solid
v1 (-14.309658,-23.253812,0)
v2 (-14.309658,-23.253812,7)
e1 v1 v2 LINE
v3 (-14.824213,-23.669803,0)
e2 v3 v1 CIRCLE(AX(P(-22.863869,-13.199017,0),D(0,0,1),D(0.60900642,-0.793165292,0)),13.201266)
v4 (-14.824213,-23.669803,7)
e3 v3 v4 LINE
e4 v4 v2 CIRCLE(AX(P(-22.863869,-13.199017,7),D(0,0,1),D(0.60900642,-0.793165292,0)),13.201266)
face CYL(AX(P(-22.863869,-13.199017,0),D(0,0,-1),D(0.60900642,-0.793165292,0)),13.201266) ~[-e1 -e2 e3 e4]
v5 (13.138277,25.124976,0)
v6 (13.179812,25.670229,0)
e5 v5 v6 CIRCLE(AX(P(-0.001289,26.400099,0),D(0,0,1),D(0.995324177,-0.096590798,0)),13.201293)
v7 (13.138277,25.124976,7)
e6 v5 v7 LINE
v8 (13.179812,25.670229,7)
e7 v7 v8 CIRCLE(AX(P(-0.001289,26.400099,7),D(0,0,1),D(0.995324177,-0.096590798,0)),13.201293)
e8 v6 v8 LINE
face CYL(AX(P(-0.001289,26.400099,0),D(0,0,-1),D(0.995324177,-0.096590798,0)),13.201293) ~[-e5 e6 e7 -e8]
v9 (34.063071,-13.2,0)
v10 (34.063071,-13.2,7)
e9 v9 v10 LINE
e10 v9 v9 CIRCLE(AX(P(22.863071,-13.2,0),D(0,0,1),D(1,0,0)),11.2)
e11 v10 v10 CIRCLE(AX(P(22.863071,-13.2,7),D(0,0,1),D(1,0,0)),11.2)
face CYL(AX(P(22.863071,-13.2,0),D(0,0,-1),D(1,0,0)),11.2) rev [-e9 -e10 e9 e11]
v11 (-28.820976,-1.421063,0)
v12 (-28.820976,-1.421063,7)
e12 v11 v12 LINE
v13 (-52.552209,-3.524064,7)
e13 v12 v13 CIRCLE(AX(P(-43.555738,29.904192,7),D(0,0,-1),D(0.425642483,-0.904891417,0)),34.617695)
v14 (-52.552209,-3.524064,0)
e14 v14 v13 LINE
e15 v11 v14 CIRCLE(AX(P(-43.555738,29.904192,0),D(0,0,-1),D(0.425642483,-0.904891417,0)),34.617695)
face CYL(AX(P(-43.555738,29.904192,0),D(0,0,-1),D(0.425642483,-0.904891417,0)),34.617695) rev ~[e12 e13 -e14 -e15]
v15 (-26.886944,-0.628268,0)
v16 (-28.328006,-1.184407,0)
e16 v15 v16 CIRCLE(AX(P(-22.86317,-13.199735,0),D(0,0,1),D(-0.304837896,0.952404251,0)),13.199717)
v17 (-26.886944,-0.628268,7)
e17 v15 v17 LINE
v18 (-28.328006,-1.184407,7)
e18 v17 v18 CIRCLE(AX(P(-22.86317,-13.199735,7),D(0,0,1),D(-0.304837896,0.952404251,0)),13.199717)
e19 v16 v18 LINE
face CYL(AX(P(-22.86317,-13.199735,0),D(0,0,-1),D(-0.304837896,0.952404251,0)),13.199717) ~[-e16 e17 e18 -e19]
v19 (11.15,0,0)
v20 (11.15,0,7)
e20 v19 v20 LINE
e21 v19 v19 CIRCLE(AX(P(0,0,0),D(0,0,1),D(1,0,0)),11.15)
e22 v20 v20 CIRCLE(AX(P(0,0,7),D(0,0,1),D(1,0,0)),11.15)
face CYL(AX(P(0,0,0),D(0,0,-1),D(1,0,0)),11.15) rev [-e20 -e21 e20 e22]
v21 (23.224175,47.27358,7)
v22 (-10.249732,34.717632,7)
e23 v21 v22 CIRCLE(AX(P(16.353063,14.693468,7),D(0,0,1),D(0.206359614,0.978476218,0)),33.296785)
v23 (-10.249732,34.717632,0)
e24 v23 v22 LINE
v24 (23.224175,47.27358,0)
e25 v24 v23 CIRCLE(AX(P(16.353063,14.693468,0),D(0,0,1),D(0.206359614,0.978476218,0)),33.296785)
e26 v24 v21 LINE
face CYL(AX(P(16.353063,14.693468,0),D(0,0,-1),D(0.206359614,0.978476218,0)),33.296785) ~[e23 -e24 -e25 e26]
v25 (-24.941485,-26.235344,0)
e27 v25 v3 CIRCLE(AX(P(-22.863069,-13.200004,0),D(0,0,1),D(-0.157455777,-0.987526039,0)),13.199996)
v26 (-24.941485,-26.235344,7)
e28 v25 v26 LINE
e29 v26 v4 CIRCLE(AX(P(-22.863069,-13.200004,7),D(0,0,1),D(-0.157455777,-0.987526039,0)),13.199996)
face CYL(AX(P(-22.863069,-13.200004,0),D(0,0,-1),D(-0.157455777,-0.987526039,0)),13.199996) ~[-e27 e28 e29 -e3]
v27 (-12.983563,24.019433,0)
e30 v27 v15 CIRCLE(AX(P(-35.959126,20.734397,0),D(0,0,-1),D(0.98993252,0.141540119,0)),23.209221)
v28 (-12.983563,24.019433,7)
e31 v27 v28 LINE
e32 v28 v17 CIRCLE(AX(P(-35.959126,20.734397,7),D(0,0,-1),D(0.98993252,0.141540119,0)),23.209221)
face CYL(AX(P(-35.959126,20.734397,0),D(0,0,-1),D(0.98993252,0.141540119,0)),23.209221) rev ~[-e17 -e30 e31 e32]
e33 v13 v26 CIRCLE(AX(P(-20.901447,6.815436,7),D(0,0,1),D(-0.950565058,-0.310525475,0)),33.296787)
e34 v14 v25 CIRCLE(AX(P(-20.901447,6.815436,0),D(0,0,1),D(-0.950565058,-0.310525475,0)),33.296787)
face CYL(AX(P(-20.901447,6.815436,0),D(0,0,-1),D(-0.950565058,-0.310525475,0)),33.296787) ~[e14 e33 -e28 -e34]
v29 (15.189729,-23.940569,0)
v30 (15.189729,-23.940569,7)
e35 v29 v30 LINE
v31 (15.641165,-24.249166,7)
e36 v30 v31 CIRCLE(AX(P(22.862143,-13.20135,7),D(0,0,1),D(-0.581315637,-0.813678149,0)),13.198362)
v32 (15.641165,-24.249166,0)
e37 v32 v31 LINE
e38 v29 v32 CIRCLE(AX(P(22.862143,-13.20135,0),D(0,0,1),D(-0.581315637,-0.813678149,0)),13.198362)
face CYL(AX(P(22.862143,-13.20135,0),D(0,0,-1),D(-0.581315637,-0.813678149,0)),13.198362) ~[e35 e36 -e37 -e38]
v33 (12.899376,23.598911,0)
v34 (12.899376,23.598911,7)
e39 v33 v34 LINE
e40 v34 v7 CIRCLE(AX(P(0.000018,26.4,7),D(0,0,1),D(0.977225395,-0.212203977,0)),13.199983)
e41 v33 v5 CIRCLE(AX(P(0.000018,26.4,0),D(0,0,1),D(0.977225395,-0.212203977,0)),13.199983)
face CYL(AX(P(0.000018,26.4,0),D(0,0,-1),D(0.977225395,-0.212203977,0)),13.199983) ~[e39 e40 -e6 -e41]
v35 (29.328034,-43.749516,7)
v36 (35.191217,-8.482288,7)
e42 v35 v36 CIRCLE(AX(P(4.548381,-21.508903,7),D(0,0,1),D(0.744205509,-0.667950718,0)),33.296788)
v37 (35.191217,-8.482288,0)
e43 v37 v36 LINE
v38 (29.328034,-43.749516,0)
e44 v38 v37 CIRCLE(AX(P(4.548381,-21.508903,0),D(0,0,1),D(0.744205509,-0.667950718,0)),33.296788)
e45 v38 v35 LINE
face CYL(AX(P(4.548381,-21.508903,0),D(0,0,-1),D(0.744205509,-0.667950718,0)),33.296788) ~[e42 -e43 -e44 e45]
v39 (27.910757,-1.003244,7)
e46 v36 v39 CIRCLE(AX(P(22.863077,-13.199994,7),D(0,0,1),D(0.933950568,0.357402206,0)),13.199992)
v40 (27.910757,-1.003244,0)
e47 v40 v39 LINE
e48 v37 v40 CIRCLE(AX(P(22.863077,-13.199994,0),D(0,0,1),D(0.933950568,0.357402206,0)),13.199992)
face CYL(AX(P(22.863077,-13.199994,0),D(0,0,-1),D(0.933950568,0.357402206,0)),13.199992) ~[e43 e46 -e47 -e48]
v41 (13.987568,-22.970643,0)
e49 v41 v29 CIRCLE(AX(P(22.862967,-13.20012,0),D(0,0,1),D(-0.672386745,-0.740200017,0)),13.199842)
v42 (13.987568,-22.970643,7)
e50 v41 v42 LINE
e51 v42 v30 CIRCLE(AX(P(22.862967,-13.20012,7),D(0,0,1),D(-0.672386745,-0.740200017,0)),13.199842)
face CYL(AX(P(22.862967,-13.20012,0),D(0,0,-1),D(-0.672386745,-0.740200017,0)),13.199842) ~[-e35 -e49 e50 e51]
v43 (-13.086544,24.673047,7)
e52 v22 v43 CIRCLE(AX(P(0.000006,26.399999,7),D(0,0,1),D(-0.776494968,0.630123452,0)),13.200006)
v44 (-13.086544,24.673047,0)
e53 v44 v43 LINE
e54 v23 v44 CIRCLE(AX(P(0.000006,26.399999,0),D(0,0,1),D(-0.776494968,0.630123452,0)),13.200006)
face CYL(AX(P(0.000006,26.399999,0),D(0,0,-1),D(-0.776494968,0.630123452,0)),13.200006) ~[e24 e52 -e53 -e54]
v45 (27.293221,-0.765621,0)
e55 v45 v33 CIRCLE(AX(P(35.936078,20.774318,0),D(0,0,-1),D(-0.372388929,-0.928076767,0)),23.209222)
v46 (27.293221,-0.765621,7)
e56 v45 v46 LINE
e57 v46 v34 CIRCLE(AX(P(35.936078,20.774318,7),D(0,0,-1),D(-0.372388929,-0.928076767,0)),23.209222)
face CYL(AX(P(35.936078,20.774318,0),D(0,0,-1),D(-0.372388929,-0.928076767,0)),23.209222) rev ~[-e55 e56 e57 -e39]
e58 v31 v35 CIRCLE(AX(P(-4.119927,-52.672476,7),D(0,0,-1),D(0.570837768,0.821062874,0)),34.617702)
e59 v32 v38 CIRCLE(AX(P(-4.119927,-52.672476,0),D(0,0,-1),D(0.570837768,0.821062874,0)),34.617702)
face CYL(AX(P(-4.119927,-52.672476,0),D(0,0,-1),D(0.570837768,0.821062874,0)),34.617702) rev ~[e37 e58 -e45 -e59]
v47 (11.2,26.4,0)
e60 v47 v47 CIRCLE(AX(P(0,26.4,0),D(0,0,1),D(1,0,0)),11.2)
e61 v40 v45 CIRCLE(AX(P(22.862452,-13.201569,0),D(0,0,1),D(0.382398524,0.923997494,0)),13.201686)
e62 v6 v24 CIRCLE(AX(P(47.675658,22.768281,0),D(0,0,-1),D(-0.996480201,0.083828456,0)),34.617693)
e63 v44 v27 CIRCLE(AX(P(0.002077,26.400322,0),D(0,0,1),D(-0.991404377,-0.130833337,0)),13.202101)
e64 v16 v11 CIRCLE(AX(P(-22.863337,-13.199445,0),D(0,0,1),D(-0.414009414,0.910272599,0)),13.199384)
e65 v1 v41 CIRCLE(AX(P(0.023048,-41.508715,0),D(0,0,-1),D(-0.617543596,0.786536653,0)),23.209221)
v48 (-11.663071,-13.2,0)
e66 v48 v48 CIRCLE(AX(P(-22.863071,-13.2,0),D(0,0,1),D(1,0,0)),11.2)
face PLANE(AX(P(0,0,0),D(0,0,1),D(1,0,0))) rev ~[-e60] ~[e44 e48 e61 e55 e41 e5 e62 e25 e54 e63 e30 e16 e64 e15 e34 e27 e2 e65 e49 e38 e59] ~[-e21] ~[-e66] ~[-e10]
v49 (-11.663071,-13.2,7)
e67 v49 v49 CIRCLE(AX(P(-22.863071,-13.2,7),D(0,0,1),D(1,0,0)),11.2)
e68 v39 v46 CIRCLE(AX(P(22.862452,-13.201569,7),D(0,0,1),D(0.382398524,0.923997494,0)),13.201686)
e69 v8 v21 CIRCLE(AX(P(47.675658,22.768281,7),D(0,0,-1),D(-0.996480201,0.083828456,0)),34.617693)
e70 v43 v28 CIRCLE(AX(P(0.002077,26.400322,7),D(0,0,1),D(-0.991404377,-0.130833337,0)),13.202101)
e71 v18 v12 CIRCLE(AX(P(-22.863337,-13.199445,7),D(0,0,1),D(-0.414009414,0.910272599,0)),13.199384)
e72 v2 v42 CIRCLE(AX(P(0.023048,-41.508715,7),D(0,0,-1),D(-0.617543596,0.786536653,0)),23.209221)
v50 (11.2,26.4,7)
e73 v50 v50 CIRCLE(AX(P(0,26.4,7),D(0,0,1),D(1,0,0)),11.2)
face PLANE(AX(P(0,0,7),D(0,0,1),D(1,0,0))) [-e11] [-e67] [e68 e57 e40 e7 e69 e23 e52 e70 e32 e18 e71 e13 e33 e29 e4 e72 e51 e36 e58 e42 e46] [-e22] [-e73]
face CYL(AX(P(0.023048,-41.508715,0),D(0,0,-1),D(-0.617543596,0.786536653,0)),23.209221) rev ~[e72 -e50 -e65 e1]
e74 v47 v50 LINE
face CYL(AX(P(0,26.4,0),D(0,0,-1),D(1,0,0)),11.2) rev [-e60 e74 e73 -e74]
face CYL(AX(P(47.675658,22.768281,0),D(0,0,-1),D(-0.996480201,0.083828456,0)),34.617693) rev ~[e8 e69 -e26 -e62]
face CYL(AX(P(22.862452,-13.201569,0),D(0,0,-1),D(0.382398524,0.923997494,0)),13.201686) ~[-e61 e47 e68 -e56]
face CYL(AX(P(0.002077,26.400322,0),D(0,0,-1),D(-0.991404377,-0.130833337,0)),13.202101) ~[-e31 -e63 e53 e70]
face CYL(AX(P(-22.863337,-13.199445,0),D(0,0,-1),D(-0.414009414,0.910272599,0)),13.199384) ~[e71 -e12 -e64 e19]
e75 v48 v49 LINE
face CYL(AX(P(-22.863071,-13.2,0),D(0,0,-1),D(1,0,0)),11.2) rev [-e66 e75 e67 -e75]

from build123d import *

# Parameters (mm, degrees)
F0_R     = 11.2
F0_R_2   = 11.15
F1_DEPTH = 7


with BuildPart() as f1:
    # F0 (on Top) → F1 (new body)
    with BuildSketch(Plane.XY):
        with BuildLine():
            ThreePointArc((23.224175, 47.27358), (4.659142, 45.869229), (-10.249732, 34.717632))
            ThreePointArc((-10.249732, 34.717632), (-12.703104, 29.987637), (-13.086544, 24.673047))
            ThreePointArc((-13.086544, 24.673047), (-13.032724, 24.346607), (-12.983563, 24.019433))
            ThreePointArc((-12.983563, 24.019433), (-15.744236, 9.331495), (-26.886944, -0.628268))
            ThreePointArc((-26.886944, -0.628268), (-27.602847, -0.918329), (-28.328006, -1.184407))
            ThreePointArc((-28.328006, -1.184407), (-28.574024, -1.303708), (-28.820976, -1.421063))
            ThreePointArc((-28.820976, -1.421063), (-40.499981, -4.578371), (-52.552209, -3.524064))
            ThreePointArc((-52.552209, -3.524064), (-42.053488, -18.899679), (-24.941485, -26.235344))
            ThreePointArc((-24.941485, -26.235344), (-19.618503, -25.99503), (-14.824213, -23.669803))
            ThreePointArc((-14.824213, -23.669803), (-14.568418, -23.459974), (-14.309658, -23.253812))
            ThreePointArc((-14.309658, -23.253812), (-0.209194, -18.300656), (13.987568, -22.970643))
            ThreePointArc((13.987568, -22.970643), (14.59672, -23.445602), (15.189729, -23.940569))
            ThreePointArc((15.189729, -23.940569), (15.416056, -24.093976), (15.641165, -24.249166))
            ThreePointArc((15.641165, -24.249166), (24.214976, -32.784827), (29.328034, -43.749516))
            ThreePointArc((29.328034, -43.749516), (37.394346, -26.96955), (35.191217, -8.482288))
            ThreePointArc((35.191217, -8.482288), (32.321608, -3.992607), (27.910757, -1.003244))
            ThreePointArc((27.910757, -1.003244), (27.601142, -0.886633), (27.293221, -0.765621))
            ThreePointArc((27.293221, -0.765621), (15.95343, 8.969161), (12.899376, 23.598911))
            ThreePointArc((12.899376, 23.598911), (13.006127, 24.363931), (13.138277, 25.124976))
            ThreePointArc((13.138277, 25.124976), (13.157967, 25.397684), (13.179812, 25.670229))
            ThreePointArc((13.179812, 25.670229), (16.285005, 37.363198), (23.224175, 47.27358))
        make_face()
        with Locations((-22.863071, -13.2)):
            Circle(F0_R, mode=Mode.SUBTRACT)
        Circle(F0_R_2, mode=Mode.SUBTRACT)
        with Locations((22.863071, -13.2)):
            Circle(F0_R, mode=Mode.SUBTRACT)
        with Locations((0, 26.4)):
            Circle(F0_R, mode=Mode.SUBTRACT)
        with BuildLine():
            ThreePointArc((-12.983563, 24.019433), (-13.032724, 24.346607), (-13.086544, 24.673047))
            ThreePointArc((-13.086544, 24.673047), (-13.039149, 24.345595), (-12.983563, 24.019433))
        make_face()
        with BuildLine():
            ThreePointArc((13.138277, 25.124976), (13.161868, 25.397387), (13.179812, 25.670229))
            ThreePointArc((13.179812, 25.670229), (13.157967, 25.397684), (13.138277, 25.124976))
        make_face()
        with BuildLine():
            ThreePointArc((-28.328006, -1.184407), (-27.602847, -0.918329), (-26.886944, -0.628268))
            ThreePointArc((-26.886944, -0.628268), (-27.615617, -0.88524), (-28.328006, -1.184407))
        make_face()
        with BuildLine():
            ThreePointArc((12.899376, 23.598911), (13.041168, 24.358446), (13.138277, 25.124976))
            ThreePointArc((13.138277, 25.124976), (13.006127, 24.363931), (12.899376, 23.598911))
        make_face()
        with BuildLine():
            ThreePointArc((-28.820976, -1.421063), (-28.574024, -1.303708), (-28.328006, -1.184407))
            ThreePointArc((-28.328006, -1.184407), (-28.575717, -1.300182), (-28.820976, -1.421063))
        make_face()
        with BuildLine():
            ThreePointArc((27.910757, -1.003244), (27.603478, -0.880563), (27.293221, -0.765621))
            ThreePointArc((27.293221, -0.765621), (27.601142, -0.886633), (27.910757, -1.003244))
        make_face()
        with BuildLine():
            ThreePointArc((-14.309658, -23.253812), (-14.568418, -23.459974), (-14.824213, -23.669803))
            ThreePointArc((-14.824213, -23.669803), (-14.564329, -23.465032), (-14.309658, -23.253812))
        make_face()
        with BuildLine():
            ThreePointArc((15.189729, -23.940569), (15.413849, -24.097206), (15.641165, -24.249166))
            ThreePointArc((15.641165, -24.249166), (15.416056, -24.093976), (15.189729, -23.940569))
        make_face()
        with BuildLine():
            ThreePointArc((15.189729, -23.940569), (14.59672, -23.445602), (13.987568, -22.970643))
            ThreePointArc((13.987568, -22.970643), (14.574449, -23.473206), (15.189729, -23.940569))
        make_face()
    extrude(amount=F1_DEPTH)


solid = f1.part
